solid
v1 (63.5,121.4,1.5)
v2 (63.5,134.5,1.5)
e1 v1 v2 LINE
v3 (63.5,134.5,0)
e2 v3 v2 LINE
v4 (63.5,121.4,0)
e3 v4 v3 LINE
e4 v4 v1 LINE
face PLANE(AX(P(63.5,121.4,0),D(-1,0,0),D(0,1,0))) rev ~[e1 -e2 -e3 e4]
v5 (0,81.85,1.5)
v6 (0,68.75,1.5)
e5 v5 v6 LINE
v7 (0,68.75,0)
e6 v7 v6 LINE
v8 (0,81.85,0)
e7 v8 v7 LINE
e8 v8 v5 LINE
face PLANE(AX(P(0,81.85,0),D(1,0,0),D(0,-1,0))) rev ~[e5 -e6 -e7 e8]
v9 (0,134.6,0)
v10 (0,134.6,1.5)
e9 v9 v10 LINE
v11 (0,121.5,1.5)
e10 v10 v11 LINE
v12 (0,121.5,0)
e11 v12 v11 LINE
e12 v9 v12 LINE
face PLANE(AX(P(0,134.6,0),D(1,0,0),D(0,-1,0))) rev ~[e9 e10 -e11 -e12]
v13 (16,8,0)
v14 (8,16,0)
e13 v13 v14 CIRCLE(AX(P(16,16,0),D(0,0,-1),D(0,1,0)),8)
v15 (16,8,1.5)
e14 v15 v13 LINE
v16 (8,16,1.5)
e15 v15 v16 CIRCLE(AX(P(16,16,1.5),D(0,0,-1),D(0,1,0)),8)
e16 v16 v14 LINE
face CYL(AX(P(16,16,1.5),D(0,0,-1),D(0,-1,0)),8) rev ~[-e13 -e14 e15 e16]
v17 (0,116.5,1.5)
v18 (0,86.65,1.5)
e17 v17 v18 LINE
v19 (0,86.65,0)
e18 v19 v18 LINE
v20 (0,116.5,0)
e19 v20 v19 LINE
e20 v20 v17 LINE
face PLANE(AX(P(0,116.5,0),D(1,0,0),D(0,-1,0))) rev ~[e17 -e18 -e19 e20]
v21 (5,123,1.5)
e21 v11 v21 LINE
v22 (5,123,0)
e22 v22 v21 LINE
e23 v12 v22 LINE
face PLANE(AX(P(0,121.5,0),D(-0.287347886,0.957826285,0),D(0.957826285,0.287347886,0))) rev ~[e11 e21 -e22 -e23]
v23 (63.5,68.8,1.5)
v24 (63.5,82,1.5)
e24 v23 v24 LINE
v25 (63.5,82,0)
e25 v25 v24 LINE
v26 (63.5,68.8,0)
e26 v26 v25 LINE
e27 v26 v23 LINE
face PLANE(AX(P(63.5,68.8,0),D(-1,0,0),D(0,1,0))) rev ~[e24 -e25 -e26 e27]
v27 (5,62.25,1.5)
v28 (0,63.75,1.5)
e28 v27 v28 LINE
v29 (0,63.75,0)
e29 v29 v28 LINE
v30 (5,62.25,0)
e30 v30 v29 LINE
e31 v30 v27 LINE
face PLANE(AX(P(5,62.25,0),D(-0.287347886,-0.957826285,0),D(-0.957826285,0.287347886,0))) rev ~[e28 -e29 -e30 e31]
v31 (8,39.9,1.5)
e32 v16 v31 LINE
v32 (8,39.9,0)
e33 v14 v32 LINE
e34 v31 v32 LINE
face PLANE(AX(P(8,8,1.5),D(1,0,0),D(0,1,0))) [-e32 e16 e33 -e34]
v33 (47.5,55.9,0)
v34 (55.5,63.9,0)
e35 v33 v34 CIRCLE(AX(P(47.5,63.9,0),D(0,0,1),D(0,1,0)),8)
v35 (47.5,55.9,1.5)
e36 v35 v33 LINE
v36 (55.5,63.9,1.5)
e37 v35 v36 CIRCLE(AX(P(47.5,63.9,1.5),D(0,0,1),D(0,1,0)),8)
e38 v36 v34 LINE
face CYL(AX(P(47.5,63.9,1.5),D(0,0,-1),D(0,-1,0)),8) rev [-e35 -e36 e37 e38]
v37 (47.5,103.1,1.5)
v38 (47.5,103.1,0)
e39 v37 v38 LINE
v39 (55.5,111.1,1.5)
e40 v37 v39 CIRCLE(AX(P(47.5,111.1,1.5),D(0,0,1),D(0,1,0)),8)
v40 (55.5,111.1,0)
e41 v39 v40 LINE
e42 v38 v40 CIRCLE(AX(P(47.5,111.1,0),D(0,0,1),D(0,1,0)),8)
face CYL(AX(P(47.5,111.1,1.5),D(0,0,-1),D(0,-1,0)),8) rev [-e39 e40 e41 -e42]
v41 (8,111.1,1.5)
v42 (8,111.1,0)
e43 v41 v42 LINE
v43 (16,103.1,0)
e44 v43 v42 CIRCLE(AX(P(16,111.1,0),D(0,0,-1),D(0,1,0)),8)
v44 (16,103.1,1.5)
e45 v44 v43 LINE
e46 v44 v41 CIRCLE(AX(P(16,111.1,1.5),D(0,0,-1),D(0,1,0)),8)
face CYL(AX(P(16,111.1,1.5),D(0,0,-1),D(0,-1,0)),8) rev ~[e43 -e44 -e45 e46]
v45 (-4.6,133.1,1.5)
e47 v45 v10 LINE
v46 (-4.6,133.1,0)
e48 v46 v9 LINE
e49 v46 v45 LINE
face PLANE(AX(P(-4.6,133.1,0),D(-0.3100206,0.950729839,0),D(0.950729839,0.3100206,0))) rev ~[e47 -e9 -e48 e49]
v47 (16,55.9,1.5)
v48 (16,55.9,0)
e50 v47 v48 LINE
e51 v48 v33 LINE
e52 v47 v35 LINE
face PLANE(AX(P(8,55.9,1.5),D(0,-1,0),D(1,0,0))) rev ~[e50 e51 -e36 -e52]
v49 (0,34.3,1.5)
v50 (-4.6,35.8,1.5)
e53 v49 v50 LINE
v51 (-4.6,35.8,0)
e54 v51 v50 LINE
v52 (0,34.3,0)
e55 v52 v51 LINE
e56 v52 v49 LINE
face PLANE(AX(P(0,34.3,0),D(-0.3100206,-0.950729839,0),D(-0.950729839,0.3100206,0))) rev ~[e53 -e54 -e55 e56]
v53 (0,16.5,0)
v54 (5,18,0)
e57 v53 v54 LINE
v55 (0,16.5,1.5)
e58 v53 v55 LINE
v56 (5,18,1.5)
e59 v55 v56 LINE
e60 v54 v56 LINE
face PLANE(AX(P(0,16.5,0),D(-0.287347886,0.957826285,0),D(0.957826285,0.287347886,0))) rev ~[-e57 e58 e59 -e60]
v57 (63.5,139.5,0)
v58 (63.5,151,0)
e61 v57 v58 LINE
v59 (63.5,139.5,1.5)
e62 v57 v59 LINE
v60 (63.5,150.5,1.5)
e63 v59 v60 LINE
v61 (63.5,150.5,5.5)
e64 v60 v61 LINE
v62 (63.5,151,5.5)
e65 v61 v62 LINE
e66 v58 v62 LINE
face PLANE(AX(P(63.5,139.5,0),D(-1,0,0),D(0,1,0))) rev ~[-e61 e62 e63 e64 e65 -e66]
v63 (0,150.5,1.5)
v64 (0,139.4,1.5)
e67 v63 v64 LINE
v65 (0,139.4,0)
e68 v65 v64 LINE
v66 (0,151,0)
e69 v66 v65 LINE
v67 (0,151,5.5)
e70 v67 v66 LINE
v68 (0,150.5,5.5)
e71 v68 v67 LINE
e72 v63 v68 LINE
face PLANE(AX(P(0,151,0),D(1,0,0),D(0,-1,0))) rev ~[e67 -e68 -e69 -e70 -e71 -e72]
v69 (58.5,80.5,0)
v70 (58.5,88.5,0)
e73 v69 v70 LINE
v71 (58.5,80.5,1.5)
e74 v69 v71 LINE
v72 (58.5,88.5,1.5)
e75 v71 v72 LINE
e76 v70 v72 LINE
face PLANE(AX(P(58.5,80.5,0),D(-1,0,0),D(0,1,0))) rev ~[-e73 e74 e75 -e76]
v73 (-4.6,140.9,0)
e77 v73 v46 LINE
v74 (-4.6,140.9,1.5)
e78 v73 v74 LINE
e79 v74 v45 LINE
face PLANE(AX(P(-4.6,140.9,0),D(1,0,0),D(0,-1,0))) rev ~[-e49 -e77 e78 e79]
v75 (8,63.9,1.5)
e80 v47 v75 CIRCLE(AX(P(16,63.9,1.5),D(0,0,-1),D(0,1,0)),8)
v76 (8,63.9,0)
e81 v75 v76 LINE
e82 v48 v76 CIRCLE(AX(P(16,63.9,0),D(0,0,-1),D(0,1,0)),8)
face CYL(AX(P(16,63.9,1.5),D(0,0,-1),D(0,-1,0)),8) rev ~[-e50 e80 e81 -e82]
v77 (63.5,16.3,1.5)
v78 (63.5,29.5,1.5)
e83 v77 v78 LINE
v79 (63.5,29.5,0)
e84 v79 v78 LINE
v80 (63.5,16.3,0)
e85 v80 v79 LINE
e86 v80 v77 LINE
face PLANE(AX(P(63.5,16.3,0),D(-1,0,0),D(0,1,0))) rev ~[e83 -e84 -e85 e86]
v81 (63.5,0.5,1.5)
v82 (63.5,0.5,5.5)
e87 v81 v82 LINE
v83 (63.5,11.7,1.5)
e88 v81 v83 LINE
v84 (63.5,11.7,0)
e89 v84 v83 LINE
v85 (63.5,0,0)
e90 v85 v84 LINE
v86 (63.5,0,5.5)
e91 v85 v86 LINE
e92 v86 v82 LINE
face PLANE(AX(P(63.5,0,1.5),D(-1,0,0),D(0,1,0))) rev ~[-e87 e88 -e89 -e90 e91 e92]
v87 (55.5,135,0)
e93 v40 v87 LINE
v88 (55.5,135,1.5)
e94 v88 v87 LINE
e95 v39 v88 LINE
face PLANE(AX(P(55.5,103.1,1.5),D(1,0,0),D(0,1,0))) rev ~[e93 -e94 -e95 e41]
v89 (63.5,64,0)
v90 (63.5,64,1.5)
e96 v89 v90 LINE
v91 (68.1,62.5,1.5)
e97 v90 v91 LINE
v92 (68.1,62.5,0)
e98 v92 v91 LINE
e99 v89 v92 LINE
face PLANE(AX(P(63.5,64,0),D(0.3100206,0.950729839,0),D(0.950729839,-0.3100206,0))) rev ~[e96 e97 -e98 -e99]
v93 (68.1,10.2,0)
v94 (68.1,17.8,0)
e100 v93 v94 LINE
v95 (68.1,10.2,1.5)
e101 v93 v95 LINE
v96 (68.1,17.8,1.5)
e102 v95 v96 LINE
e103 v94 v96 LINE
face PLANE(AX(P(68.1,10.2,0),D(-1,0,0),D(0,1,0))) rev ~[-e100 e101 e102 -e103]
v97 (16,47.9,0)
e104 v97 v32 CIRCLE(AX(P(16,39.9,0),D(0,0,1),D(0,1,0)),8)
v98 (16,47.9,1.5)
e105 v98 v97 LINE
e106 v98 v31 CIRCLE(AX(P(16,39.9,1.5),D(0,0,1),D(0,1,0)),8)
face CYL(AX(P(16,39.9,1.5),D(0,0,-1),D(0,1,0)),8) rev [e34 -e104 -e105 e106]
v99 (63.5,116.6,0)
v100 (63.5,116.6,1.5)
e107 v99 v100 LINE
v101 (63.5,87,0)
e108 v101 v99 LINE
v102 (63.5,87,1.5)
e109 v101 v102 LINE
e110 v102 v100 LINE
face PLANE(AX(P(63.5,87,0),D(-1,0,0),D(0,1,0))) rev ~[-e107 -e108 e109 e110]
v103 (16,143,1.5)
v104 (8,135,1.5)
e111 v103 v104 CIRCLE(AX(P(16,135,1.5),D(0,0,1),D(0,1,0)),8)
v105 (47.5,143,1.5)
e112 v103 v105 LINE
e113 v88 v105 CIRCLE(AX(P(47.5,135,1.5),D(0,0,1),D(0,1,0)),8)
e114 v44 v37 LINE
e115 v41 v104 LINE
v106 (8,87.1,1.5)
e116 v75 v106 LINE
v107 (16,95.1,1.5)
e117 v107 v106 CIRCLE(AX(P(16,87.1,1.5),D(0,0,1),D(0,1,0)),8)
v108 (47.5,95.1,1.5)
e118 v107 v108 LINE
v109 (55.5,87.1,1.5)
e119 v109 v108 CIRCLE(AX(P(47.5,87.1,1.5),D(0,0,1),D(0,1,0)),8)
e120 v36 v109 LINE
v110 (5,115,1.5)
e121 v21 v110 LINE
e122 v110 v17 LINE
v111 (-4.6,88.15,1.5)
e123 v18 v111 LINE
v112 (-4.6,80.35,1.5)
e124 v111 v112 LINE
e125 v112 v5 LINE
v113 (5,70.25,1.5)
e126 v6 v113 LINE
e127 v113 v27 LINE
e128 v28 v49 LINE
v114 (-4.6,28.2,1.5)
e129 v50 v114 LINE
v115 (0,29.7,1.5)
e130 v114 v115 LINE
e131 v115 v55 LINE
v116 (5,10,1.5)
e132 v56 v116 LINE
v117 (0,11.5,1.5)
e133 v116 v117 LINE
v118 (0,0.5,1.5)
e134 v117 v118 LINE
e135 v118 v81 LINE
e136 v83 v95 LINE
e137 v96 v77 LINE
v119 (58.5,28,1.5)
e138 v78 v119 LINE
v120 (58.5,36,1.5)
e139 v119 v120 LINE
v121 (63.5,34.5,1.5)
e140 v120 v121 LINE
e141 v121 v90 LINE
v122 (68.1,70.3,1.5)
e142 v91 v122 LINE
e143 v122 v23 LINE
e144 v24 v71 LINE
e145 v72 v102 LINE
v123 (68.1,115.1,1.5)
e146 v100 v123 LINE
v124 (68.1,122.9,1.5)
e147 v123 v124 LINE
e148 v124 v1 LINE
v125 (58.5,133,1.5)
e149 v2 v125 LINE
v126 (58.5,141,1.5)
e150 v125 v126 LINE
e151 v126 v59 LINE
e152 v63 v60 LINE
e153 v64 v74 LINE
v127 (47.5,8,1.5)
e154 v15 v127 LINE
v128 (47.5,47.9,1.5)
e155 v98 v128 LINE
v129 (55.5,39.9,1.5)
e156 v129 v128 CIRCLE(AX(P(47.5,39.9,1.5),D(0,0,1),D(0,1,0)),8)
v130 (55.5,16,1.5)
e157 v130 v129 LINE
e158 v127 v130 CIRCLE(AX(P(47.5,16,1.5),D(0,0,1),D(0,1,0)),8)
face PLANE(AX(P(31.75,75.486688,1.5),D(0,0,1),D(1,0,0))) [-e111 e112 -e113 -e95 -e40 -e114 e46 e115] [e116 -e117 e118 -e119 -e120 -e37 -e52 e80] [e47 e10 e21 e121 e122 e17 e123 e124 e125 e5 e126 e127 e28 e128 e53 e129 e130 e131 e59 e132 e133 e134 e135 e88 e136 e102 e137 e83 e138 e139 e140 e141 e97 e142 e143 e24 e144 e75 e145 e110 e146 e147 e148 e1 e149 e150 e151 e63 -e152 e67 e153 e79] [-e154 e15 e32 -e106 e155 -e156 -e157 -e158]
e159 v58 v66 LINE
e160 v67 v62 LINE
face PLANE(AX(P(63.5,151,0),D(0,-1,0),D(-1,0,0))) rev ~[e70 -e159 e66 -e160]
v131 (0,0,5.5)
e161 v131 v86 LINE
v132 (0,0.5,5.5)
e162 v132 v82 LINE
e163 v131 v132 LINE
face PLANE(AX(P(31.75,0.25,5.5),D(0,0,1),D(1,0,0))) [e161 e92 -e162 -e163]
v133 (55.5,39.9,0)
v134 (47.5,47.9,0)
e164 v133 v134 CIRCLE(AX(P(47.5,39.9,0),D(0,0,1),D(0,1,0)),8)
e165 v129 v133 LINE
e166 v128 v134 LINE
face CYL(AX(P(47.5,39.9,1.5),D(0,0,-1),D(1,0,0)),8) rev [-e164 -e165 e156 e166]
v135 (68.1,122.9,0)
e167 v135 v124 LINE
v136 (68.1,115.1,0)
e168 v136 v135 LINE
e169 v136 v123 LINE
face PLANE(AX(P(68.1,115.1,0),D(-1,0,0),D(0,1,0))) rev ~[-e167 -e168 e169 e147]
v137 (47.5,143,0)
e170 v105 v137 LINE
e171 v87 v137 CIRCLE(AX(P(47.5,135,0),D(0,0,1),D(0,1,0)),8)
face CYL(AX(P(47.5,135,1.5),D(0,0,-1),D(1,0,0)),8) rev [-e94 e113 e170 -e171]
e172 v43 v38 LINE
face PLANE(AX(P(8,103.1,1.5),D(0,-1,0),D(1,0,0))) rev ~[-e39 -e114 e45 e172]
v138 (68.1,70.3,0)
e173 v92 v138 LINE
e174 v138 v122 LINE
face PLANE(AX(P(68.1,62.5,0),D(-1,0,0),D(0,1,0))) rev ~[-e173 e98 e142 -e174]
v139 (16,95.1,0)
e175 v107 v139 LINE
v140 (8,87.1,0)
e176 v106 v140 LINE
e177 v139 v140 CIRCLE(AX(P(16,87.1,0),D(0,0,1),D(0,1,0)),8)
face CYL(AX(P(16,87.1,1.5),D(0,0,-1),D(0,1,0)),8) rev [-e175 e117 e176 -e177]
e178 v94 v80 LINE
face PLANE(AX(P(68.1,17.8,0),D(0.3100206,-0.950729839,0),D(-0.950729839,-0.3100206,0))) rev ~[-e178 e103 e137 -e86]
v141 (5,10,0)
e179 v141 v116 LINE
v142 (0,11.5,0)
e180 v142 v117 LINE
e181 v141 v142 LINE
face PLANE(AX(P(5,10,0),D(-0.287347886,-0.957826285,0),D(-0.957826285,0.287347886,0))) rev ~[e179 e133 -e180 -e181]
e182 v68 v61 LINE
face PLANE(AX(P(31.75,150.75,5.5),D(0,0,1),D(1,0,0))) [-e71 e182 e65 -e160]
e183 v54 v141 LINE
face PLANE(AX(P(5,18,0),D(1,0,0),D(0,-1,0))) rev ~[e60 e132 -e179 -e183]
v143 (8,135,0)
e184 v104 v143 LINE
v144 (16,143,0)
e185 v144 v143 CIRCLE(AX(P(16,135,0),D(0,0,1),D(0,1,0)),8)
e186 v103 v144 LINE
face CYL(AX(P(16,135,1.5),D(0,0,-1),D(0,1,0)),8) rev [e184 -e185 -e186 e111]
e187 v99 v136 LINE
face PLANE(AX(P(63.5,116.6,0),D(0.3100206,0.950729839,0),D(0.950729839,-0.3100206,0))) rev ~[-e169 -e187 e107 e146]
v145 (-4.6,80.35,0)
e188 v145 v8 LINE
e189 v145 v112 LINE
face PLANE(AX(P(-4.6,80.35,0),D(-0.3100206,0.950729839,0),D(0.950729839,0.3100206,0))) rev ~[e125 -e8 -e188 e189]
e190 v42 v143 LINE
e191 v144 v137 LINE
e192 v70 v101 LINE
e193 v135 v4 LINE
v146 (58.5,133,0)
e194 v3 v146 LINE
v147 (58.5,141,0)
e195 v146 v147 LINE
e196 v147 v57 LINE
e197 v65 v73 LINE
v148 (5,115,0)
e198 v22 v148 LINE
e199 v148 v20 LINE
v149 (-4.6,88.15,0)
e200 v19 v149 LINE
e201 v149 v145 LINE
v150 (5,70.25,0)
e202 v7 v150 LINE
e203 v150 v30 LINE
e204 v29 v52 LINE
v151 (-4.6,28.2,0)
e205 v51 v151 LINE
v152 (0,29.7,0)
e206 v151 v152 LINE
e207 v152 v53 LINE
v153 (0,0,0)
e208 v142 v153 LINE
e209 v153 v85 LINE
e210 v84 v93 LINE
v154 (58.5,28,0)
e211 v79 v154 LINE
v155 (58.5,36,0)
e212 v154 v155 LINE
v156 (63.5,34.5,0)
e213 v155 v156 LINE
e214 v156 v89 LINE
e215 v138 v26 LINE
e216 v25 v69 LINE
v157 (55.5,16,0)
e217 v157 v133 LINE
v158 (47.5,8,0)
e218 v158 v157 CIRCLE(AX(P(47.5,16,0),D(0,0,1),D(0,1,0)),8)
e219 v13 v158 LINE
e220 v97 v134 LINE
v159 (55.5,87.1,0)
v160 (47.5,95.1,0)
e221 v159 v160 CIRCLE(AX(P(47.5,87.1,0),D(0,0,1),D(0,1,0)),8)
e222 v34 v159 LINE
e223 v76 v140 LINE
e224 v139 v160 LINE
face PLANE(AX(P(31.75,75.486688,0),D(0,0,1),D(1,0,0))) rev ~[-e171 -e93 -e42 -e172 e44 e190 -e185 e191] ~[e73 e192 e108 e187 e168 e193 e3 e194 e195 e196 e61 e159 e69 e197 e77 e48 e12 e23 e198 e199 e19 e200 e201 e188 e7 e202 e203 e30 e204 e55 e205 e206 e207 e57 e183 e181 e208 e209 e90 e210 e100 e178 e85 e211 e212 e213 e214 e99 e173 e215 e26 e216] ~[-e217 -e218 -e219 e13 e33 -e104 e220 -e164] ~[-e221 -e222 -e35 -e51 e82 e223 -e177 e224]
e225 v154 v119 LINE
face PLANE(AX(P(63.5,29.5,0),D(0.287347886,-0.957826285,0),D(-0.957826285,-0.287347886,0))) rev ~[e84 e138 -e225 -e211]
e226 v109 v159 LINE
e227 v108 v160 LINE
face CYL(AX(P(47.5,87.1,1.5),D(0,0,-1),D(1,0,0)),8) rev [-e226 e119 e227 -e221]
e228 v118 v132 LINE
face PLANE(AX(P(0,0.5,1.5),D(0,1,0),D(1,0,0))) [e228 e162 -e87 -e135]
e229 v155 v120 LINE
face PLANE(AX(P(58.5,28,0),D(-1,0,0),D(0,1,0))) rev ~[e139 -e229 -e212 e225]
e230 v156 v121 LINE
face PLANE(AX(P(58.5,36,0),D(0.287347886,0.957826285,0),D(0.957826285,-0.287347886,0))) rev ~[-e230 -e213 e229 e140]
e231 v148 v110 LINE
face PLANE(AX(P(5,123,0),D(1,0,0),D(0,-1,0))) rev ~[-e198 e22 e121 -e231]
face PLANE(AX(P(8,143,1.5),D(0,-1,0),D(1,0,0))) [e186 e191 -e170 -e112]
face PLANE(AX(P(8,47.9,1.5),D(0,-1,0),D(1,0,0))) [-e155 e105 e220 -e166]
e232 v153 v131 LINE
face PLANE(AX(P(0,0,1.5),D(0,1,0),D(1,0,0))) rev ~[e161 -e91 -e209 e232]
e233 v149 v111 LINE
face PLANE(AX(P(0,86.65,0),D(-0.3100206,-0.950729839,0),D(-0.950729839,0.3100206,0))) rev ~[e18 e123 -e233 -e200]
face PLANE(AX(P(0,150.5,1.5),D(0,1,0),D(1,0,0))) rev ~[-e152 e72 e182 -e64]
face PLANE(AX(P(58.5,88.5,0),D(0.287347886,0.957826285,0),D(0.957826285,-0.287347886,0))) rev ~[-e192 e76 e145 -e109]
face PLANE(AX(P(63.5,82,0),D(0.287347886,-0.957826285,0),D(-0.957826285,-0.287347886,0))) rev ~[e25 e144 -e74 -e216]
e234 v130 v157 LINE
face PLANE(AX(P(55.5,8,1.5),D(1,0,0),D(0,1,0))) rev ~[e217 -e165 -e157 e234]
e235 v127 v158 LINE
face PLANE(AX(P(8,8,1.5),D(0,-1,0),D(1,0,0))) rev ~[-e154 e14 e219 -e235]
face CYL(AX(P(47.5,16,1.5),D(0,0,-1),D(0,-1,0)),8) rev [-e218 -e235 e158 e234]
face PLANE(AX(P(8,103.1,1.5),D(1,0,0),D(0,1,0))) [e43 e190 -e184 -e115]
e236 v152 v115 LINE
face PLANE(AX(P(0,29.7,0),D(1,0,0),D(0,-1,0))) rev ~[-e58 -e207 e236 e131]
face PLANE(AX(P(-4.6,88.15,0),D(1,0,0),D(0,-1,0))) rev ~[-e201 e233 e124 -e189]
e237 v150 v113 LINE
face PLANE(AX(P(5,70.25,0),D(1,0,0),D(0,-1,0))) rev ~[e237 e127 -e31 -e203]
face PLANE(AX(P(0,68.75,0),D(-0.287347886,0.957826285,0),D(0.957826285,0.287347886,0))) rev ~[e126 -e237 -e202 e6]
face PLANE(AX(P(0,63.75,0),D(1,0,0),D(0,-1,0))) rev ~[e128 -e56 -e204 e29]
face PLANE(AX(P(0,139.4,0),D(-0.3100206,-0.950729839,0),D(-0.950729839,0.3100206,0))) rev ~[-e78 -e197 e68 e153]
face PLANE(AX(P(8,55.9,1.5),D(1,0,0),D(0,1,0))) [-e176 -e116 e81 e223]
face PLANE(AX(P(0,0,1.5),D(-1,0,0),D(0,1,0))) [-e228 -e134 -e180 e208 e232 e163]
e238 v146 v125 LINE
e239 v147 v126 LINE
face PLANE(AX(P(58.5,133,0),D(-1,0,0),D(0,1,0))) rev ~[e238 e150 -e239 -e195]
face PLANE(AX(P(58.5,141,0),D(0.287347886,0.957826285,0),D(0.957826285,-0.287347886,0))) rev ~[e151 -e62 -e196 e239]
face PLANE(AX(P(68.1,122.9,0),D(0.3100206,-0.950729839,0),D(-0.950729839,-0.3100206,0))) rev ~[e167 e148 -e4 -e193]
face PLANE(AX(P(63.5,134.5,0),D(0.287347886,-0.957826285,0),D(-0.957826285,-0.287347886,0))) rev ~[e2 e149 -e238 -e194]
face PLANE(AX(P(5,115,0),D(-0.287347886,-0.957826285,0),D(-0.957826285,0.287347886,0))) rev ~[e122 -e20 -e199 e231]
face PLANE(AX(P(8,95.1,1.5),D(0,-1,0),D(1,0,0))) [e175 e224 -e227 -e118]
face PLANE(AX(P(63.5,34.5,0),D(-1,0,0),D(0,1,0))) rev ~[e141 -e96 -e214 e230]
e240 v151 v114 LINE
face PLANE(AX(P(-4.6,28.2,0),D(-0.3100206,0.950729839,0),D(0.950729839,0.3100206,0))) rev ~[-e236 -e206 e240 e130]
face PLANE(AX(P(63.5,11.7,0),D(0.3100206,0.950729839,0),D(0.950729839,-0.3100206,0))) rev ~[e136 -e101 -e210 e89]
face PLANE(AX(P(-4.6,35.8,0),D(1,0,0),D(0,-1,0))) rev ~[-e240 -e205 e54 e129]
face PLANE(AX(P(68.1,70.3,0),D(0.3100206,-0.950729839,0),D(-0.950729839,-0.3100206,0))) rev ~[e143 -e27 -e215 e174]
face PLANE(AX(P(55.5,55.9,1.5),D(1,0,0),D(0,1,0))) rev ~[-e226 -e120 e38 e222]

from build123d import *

# Parameters (mm, degrees)
F1_DEPTH = 1.5
F2_W     = 63.5
F2_H     = 0.5
F3_DEPTH = 4
F4_W     = 47.5
F4_H     = 39.9
F4_H_2   = 39.2
F5_DEPTH = 1.501
F6_R     = 8


with BuildPart() as f1:
    # F0 (on Top) → F1 (new body)
    with BuildSketch(Plane.XY):
        Polygon((0, 11.5), (0, 0), (63.5, 0), (63.5, 11.7), (68.1, 10.2), (68.1, 17.8), (63.5, 16.3), (63.5, 29.5), (58.5, 28), (58.5, 36), (63.5, 34.5), (63.5, 64), (68.1, 62.5), (68.1, 70.3), (63.5, 68.8), (63.5, 82), (58.5, 80.5), (58.5, 88.5), (63.5, 87), (63.5, 116.6), (68.1, 115.1), (68.1, 122.9), (63.5, 121.4), (63.5, 134.5), (58.5, 133), (58.5, 141), (63.5, 139.5), (63.5, 151), (0, 151), (0, 139.4), (-4.6, 140.9), (-4.6, 133.1), (0, 134.6), (0, 121.5), (5, 123), (5, 115), (0, 116.5), (0, 86.65), (-4.6, 88.15), (-4.6, 80.35), (0, 81.85), (0, 68.75), (5, 70.25), (5, 62.25), (0, 63.75), (0, 34.3), (-4.6, 35.8), (-4.6, 28.2), (0, 29.7), (0, 16.5), (5, 18), (5, 10), align=None)
    extrude(amount=F1_DEPTH)

    # F2 (on face) → F3 (join)
    with BuildSketch(Plane.XY.offset(1.5)):
        with Locations((31.75, 0.25)):
            Rectangle(F2_W, F2_H)
        with Locations((31.75, 150.75)):
            Rectangle(F2_W, F2_H)
    extrude(amount=F3_DEPTH)

    # F4 (on face) → F5 (cut, through all)
    with BuildSketch(Plane.XY.offset(1.5)):
        with Locations((31.75, 123.05)):
            Rectangle(F4_W, F4_H)
        with Locations((31.75, 75.5)):
            Rectangle(F4_W, F4_H_2)
        with Locations((31.75, 27.95)):
            Rectangle(F4_W, F4_H)
    extrude(amount=-F5_DEPTH, mode=Mode.SUBTRACT)

    # F6
    f6_edges = [f1.edges().sort_by_distance(p)[0] for p in [
        (8, 143, 0.75),
        (8, 95.1, 0.75),
        (8, 47.9, 0.75),
        (8, 103.1, 0.75),
        (8, 55.9, 0.75),
        (8, 8, 0.75),
        (55.5, 8, 0.75),
        (55.5, 55.9, 0.75),
        (55.5, 103.1, 0.75),
        (55.5, 143, 0.75),
        (55.5, 95.1, 0.75),
        (55.5, 47.9, 0.75),
    ]]
    fillet(f6_edges, radius=F6_R)


solid = f1.part
